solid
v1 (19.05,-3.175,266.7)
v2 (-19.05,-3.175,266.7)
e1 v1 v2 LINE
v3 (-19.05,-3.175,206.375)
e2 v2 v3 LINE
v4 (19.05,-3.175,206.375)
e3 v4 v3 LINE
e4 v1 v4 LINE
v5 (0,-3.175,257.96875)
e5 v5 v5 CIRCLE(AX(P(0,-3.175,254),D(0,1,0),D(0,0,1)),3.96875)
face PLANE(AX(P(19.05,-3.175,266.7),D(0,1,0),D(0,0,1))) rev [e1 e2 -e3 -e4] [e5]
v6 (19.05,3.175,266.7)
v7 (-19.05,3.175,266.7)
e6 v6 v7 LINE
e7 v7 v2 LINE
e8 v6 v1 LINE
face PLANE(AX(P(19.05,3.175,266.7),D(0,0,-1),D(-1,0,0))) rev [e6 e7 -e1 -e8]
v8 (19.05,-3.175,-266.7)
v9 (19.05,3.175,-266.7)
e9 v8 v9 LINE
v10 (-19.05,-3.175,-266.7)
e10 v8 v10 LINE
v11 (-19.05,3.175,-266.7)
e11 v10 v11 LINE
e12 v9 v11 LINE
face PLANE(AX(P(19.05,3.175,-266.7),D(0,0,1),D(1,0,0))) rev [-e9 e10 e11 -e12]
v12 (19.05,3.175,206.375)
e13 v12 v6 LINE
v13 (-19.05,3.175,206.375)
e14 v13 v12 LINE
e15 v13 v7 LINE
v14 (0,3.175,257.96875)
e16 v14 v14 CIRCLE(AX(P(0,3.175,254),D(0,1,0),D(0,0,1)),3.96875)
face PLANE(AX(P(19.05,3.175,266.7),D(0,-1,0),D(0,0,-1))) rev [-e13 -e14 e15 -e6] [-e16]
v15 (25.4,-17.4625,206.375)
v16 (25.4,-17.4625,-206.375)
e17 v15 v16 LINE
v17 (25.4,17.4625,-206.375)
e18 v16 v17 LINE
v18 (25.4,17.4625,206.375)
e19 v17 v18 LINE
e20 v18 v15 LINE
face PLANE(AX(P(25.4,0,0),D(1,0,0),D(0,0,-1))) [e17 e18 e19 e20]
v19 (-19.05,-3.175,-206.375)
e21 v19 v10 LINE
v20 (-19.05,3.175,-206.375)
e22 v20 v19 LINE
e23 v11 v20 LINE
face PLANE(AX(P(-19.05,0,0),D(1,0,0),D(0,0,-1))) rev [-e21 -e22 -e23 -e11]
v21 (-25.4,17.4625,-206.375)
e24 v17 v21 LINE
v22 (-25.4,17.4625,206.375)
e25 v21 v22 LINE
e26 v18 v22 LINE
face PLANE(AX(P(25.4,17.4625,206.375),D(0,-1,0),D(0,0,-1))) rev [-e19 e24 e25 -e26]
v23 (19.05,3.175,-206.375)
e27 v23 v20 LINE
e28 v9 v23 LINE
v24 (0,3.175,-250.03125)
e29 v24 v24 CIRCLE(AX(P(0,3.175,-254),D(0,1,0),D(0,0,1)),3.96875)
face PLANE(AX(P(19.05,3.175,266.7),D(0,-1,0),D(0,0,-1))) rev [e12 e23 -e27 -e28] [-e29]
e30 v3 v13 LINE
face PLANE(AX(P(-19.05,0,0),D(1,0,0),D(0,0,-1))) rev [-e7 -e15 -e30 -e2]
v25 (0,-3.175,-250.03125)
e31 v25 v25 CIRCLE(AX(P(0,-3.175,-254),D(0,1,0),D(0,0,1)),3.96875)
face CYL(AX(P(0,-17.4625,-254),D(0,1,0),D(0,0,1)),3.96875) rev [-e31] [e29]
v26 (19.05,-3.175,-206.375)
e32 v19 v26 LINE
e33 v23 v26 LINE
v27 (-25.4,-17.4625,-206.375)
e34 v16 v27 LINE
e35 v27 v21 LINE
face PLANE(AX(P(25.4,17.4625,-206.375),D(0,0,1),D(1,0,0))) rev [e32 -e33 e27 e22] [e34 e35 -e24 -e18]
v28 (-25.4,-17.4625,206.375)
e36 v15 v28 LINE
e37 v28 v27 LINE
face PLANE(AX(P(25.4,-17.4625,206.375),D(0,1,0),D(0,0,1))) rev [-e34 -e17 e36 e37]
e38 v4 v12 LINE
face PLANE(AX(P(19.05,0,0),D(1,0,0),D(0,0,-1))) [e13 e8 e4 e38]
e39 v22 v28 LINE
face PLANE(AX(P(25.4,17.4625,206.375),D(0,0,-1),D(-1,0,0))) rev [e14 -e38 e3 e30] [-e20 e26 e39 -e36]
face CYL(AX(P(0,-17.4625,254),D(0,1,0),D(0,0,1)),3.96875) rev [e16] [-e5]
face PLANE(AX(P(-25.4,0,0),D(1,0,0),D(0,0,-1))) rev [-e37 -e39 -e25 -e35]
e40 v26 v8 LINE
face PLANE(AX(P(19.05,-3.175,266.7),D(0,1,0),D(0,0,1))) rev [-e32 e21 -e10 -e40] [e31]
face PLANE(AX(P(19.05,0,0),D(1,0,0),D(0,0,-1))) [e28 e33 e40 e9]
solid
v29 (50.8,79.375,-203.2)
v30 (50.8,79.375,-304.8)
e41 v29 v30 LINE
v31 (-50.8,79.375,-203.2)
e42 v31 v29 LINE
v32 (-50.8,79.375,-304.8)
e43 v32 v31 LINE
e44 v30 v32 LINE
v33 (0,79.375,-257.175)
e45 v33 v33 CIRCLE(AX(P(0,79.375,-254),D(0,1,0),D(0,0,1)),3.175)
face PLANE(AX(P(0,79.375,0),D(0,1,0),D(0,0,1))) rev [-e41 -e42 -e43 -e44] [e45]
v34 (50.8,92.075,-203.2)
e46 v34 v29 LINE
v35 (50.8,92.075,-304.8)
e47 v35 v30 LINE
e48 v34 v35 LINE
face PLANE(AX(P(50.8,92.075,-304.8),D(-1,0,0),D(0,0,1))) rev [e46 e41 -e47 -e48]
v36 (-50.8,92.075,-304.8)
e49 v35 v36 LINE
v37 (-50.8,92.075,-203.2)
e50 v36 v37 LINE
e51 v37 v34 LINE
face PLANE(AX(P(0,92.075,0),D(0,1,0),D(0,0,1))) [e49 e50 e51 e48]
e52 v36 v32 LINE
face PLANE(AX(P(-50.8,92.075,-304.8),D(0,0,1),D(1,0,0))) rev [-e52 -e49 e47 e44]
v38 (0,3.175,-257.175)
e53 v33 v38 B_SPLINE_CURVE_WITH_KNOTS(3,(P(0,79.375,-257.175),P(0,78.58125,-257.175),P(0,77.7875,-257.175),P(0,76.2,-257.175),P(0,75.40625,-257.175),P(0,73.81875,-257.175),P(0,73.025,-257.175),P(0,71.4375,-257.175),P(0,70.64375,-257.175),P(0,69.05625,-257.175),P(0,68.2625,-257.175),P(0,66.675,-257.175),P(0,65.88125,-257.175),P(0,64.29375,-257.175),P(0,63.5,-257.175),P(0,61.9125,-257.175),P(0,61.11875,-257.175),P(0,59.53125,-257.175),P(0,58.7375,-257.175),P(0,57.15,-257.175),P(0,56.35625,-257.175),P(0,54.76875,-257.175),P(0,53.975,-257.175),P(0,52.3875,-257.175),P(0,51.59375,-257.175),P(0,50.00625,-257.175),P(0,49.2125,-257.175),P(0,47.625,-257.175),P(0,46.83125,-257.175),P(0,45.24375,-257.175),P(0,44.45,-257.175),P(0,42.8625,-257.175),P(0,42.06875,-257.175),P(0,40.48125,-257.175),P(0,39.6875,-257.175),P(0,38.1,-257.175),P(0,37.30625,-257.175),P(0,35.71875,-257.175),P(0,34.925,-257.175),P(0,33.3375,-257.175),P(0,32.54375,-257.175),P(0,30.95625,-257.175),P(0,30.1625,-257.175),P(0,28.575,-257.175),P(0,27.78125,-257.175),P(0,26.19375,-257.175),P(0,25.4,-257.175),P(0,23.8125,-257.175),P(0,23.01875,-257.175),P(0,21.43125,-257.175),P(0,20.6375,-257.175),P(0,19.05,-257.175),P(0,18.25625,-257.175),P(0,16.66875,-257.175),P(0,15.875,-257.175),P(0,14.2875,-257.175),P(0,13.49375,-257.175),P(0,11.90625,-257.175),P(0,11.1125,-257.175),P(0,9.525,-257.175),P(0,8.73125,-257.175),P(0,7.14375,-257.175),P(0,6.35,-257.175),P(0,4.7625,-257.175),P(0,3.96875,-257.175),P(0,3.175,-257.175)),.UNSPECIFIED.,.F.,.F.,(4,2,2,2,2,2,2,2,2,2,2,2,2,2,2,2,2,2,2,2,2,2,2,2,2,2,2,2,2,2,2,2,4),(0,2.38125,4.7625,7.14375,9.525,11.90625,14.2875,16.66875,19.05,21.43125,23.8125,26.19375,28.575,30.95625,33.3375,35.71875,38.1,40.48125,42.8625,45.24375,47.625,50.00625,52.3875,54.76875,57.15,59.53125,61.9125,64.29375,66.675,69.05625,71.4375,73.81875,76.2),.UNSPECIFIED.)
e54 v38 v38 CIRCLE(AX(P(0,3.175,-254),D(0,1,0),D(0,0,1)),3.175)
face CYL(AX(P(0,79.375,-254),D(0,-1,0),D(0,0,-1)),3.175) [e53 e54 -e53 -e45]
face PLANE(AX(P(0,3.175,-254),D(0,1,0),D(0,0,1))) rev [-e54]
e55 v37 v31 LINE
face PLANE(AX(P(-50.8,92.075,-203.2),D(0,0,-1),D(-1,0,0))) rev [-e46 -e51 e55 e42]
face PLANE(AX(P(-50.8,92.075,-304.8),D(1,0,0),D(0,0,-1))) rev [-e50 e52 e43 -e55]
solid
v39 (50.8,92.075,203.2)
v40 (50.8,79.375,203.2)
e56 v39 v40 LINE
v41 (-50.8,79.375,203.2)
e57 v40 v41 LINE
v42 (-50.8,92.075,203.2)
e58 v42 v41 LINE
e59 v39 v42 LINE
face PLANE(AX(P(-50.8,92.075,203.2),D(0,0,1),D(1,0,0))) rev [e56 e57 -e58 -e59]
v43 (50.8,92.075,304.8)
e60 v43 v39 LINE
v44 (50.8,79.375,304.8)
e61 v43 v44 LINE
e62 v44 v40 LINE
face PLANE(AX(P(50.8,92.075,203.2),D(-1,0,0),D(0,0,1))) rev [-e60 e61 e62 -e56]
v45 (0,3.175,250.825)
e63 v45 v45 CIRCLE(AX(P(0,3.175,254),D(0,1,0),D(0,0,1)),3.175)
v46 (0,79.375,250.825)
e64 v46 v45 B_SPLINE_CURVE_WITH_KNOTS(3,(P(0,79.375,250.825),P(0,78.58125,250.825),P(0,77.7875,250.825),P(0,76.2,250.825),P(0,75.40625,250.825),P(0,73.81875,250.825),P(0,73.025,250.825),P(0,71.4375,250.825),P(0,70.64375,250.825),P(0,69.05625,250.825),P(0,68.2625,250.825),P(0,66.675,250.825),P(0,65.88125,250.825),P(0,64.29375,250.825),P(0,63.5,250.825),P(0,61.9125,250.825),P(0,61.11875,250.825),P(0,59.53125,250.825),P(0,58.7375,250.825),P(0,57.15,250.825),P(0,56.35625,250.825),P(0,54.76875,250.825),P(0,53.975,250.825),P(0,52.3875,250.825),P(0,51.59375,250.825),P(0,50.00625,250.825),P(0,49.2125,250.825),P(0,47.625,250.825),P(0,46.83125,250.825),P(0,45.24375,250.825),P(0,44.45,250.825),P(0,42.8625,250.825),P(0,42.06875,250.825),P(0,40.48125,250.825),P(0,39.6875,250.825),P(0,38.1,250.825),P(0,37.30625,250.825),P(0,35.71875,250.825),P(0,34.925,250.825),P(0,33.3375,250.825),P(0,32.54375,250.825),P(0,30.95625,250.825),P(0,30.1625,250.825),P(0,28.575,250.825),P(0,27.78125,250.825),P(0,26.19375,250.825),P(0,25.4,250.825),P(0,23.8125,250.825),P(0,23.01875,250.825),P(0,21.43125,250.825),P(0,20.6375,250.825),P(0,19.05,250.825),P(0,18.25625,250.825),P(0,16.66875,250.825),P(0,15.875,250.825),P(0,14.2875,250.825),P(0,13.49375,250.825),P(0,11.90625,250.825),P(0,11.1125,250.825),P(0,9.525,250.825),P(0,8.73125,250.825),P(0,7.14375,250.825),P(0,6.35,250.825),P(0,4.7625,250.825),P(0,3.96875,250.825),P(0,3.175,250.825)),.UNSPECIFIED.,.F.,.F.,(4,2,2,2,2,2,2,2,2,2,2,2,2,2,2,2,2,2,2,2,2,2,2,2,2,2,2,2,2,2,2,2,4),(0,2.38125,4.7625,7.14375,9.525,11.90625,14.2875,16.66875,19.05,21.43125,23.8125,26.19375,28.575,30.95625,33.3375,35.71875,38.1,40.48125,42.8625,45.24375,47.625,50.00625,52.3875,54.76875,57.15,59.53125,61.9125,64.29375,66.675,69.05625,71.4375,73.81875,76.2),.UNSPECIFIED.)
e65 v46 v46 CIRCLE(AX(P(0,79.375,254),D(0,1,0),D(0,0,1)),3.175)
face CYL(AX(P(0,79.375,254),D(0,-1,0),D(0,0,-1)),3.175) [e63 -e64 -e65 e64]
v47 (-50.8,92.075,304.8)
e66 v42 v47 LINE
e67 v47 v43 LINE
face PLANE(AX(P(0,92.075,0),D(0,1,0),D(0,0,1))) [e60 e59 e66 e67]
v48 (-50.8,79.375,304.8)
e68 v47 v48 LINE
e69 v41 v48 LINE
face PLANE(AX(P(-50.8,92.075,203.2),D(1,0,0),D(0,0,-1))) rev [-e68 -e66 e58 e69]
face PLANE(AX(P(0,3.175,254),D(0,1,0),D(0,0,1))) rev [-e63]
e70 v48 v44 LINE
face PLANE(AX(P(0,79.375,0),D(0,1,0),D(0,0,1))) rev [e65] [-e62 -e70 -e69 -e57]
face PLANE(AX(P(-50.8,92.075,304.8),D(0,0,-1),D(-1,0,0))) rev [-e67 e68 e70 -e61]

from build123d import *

# Parameters (mm, degrees)
SKETCH2_W             = 533.4
SKETCH2_H             = 6.35
BOSS_EXTRUDE1_DEPTH   = 19.05
SKETCH3_W             = 412.75
SKETCH3_H             = 34.925
BOSS_EXTRUDE2_DEPTH   = 25.4
SKETCH4_R             = 3.96875
CUT_EXTRUDE1_DEPTH    = 269.700495731
SKETCH5_R             = 3.175
BOSS_EXTRUDE3_DEPTH   = 76.2
BOSS_EXTRUDE3_2_DEPTH = 76.2
SKETCH6_W             = 101.6
SKETCH6_H             = 101.6
BOSS_EXTRUDE4_DEPTH   = 12.7


with BuildPart() as part:
    # Sketch2 → Boss-Extrude1 (new, symmetric)
    with BuildSketch(Plane(origin=(0, 0, 0), x_dir=(0, 0, -1), z_dir=(1, 0, 0))):
        Rectangle(SKETCH2_W, SKETCH2_H)
    extrude(amount=BOSS_EXTRUDE1_DEPTH, both=True)

    # Sketch3 → Boss-Extrude2 (add, symmetric)
    with BuildSketch(Plane(origin=(0, 0, 0), x_dir=(0, 0, -1), z_dir=(1, 0, 0))):
        Rectangle(SKETCH3_W, SKETCH3_H)
    extrude(amount=BOSS_EXTRUDE2_DEPTH, both=True)

    # Sketch4 → Cut-Extrude1 (cut, through all)
    with BuildSketch(Plane(origin=(0, 3.175, 0), x_dir=(1, 0, 0), z_dir=(0, 1, 0))):
        with Locations(Location((0, 254, 0), (0, 0, 270))):
            Circle(SKETCH4_R)
        with Locations(Location((0, -254, 0), (0, 0, 270))):
            Circle(SKETCH4_R)
    extrude(amount=-CUT_EXTRUDE1_DEPTH, mode=Mode.SUBTRACT)


with BuildPart() as body_2:
    # Sketch5 → Boss-Extrude3 (new body)
    with BuildSketch(Plane(origin=(0, 3.175, 0), x_dir=(1, 0, 0), z_dir=(0, 1, 0))):
        with Locations(Location((0, 254, 0), (0, 0, 90))):
            Circle(SKETCH5_R)
    extrude(amount=BOSS_EXTRUDE3_DEPTH)



with BuildPart() as body_3:
    # Sketch5 → Boss-Extrude3 2 (new body)
    with BuildSketch(Plane(origin=(0, 3.175, 0), x_dir=(1, 0, 0), z_dir=(0, 1, 0))):
        with Locations(Location((0, -254, 0), (0, 0, 90))):
            Circle(SKETCH5_R)
    extrude(amount=BOSS_EXTRUDE3_2_DEPTH)


with BuildPart() as body_2_1:
    add(body_2.part)

    add(body_3.part)  # Boss-Extrude4 merges body 3
    # Sketch6 → Boss-Extrude4 (add)
    with BuildSketch(Plane(origin=(0, 79.375, 0), x_dir=(1, 0, 0), z_dir=(0, 1, 0))):
        with Locations((0, 254)):
            Rectangle(SKETCH6_W, SKETCH6_H)
        with Locations((0, -254)):
            Rectangle(SKETCH6_W, SKETCH6_H)
    extrude(amount=BOSS_EXTRUDE4_DEPTH)


solid = Compound([part.part, body_2_1.part])
